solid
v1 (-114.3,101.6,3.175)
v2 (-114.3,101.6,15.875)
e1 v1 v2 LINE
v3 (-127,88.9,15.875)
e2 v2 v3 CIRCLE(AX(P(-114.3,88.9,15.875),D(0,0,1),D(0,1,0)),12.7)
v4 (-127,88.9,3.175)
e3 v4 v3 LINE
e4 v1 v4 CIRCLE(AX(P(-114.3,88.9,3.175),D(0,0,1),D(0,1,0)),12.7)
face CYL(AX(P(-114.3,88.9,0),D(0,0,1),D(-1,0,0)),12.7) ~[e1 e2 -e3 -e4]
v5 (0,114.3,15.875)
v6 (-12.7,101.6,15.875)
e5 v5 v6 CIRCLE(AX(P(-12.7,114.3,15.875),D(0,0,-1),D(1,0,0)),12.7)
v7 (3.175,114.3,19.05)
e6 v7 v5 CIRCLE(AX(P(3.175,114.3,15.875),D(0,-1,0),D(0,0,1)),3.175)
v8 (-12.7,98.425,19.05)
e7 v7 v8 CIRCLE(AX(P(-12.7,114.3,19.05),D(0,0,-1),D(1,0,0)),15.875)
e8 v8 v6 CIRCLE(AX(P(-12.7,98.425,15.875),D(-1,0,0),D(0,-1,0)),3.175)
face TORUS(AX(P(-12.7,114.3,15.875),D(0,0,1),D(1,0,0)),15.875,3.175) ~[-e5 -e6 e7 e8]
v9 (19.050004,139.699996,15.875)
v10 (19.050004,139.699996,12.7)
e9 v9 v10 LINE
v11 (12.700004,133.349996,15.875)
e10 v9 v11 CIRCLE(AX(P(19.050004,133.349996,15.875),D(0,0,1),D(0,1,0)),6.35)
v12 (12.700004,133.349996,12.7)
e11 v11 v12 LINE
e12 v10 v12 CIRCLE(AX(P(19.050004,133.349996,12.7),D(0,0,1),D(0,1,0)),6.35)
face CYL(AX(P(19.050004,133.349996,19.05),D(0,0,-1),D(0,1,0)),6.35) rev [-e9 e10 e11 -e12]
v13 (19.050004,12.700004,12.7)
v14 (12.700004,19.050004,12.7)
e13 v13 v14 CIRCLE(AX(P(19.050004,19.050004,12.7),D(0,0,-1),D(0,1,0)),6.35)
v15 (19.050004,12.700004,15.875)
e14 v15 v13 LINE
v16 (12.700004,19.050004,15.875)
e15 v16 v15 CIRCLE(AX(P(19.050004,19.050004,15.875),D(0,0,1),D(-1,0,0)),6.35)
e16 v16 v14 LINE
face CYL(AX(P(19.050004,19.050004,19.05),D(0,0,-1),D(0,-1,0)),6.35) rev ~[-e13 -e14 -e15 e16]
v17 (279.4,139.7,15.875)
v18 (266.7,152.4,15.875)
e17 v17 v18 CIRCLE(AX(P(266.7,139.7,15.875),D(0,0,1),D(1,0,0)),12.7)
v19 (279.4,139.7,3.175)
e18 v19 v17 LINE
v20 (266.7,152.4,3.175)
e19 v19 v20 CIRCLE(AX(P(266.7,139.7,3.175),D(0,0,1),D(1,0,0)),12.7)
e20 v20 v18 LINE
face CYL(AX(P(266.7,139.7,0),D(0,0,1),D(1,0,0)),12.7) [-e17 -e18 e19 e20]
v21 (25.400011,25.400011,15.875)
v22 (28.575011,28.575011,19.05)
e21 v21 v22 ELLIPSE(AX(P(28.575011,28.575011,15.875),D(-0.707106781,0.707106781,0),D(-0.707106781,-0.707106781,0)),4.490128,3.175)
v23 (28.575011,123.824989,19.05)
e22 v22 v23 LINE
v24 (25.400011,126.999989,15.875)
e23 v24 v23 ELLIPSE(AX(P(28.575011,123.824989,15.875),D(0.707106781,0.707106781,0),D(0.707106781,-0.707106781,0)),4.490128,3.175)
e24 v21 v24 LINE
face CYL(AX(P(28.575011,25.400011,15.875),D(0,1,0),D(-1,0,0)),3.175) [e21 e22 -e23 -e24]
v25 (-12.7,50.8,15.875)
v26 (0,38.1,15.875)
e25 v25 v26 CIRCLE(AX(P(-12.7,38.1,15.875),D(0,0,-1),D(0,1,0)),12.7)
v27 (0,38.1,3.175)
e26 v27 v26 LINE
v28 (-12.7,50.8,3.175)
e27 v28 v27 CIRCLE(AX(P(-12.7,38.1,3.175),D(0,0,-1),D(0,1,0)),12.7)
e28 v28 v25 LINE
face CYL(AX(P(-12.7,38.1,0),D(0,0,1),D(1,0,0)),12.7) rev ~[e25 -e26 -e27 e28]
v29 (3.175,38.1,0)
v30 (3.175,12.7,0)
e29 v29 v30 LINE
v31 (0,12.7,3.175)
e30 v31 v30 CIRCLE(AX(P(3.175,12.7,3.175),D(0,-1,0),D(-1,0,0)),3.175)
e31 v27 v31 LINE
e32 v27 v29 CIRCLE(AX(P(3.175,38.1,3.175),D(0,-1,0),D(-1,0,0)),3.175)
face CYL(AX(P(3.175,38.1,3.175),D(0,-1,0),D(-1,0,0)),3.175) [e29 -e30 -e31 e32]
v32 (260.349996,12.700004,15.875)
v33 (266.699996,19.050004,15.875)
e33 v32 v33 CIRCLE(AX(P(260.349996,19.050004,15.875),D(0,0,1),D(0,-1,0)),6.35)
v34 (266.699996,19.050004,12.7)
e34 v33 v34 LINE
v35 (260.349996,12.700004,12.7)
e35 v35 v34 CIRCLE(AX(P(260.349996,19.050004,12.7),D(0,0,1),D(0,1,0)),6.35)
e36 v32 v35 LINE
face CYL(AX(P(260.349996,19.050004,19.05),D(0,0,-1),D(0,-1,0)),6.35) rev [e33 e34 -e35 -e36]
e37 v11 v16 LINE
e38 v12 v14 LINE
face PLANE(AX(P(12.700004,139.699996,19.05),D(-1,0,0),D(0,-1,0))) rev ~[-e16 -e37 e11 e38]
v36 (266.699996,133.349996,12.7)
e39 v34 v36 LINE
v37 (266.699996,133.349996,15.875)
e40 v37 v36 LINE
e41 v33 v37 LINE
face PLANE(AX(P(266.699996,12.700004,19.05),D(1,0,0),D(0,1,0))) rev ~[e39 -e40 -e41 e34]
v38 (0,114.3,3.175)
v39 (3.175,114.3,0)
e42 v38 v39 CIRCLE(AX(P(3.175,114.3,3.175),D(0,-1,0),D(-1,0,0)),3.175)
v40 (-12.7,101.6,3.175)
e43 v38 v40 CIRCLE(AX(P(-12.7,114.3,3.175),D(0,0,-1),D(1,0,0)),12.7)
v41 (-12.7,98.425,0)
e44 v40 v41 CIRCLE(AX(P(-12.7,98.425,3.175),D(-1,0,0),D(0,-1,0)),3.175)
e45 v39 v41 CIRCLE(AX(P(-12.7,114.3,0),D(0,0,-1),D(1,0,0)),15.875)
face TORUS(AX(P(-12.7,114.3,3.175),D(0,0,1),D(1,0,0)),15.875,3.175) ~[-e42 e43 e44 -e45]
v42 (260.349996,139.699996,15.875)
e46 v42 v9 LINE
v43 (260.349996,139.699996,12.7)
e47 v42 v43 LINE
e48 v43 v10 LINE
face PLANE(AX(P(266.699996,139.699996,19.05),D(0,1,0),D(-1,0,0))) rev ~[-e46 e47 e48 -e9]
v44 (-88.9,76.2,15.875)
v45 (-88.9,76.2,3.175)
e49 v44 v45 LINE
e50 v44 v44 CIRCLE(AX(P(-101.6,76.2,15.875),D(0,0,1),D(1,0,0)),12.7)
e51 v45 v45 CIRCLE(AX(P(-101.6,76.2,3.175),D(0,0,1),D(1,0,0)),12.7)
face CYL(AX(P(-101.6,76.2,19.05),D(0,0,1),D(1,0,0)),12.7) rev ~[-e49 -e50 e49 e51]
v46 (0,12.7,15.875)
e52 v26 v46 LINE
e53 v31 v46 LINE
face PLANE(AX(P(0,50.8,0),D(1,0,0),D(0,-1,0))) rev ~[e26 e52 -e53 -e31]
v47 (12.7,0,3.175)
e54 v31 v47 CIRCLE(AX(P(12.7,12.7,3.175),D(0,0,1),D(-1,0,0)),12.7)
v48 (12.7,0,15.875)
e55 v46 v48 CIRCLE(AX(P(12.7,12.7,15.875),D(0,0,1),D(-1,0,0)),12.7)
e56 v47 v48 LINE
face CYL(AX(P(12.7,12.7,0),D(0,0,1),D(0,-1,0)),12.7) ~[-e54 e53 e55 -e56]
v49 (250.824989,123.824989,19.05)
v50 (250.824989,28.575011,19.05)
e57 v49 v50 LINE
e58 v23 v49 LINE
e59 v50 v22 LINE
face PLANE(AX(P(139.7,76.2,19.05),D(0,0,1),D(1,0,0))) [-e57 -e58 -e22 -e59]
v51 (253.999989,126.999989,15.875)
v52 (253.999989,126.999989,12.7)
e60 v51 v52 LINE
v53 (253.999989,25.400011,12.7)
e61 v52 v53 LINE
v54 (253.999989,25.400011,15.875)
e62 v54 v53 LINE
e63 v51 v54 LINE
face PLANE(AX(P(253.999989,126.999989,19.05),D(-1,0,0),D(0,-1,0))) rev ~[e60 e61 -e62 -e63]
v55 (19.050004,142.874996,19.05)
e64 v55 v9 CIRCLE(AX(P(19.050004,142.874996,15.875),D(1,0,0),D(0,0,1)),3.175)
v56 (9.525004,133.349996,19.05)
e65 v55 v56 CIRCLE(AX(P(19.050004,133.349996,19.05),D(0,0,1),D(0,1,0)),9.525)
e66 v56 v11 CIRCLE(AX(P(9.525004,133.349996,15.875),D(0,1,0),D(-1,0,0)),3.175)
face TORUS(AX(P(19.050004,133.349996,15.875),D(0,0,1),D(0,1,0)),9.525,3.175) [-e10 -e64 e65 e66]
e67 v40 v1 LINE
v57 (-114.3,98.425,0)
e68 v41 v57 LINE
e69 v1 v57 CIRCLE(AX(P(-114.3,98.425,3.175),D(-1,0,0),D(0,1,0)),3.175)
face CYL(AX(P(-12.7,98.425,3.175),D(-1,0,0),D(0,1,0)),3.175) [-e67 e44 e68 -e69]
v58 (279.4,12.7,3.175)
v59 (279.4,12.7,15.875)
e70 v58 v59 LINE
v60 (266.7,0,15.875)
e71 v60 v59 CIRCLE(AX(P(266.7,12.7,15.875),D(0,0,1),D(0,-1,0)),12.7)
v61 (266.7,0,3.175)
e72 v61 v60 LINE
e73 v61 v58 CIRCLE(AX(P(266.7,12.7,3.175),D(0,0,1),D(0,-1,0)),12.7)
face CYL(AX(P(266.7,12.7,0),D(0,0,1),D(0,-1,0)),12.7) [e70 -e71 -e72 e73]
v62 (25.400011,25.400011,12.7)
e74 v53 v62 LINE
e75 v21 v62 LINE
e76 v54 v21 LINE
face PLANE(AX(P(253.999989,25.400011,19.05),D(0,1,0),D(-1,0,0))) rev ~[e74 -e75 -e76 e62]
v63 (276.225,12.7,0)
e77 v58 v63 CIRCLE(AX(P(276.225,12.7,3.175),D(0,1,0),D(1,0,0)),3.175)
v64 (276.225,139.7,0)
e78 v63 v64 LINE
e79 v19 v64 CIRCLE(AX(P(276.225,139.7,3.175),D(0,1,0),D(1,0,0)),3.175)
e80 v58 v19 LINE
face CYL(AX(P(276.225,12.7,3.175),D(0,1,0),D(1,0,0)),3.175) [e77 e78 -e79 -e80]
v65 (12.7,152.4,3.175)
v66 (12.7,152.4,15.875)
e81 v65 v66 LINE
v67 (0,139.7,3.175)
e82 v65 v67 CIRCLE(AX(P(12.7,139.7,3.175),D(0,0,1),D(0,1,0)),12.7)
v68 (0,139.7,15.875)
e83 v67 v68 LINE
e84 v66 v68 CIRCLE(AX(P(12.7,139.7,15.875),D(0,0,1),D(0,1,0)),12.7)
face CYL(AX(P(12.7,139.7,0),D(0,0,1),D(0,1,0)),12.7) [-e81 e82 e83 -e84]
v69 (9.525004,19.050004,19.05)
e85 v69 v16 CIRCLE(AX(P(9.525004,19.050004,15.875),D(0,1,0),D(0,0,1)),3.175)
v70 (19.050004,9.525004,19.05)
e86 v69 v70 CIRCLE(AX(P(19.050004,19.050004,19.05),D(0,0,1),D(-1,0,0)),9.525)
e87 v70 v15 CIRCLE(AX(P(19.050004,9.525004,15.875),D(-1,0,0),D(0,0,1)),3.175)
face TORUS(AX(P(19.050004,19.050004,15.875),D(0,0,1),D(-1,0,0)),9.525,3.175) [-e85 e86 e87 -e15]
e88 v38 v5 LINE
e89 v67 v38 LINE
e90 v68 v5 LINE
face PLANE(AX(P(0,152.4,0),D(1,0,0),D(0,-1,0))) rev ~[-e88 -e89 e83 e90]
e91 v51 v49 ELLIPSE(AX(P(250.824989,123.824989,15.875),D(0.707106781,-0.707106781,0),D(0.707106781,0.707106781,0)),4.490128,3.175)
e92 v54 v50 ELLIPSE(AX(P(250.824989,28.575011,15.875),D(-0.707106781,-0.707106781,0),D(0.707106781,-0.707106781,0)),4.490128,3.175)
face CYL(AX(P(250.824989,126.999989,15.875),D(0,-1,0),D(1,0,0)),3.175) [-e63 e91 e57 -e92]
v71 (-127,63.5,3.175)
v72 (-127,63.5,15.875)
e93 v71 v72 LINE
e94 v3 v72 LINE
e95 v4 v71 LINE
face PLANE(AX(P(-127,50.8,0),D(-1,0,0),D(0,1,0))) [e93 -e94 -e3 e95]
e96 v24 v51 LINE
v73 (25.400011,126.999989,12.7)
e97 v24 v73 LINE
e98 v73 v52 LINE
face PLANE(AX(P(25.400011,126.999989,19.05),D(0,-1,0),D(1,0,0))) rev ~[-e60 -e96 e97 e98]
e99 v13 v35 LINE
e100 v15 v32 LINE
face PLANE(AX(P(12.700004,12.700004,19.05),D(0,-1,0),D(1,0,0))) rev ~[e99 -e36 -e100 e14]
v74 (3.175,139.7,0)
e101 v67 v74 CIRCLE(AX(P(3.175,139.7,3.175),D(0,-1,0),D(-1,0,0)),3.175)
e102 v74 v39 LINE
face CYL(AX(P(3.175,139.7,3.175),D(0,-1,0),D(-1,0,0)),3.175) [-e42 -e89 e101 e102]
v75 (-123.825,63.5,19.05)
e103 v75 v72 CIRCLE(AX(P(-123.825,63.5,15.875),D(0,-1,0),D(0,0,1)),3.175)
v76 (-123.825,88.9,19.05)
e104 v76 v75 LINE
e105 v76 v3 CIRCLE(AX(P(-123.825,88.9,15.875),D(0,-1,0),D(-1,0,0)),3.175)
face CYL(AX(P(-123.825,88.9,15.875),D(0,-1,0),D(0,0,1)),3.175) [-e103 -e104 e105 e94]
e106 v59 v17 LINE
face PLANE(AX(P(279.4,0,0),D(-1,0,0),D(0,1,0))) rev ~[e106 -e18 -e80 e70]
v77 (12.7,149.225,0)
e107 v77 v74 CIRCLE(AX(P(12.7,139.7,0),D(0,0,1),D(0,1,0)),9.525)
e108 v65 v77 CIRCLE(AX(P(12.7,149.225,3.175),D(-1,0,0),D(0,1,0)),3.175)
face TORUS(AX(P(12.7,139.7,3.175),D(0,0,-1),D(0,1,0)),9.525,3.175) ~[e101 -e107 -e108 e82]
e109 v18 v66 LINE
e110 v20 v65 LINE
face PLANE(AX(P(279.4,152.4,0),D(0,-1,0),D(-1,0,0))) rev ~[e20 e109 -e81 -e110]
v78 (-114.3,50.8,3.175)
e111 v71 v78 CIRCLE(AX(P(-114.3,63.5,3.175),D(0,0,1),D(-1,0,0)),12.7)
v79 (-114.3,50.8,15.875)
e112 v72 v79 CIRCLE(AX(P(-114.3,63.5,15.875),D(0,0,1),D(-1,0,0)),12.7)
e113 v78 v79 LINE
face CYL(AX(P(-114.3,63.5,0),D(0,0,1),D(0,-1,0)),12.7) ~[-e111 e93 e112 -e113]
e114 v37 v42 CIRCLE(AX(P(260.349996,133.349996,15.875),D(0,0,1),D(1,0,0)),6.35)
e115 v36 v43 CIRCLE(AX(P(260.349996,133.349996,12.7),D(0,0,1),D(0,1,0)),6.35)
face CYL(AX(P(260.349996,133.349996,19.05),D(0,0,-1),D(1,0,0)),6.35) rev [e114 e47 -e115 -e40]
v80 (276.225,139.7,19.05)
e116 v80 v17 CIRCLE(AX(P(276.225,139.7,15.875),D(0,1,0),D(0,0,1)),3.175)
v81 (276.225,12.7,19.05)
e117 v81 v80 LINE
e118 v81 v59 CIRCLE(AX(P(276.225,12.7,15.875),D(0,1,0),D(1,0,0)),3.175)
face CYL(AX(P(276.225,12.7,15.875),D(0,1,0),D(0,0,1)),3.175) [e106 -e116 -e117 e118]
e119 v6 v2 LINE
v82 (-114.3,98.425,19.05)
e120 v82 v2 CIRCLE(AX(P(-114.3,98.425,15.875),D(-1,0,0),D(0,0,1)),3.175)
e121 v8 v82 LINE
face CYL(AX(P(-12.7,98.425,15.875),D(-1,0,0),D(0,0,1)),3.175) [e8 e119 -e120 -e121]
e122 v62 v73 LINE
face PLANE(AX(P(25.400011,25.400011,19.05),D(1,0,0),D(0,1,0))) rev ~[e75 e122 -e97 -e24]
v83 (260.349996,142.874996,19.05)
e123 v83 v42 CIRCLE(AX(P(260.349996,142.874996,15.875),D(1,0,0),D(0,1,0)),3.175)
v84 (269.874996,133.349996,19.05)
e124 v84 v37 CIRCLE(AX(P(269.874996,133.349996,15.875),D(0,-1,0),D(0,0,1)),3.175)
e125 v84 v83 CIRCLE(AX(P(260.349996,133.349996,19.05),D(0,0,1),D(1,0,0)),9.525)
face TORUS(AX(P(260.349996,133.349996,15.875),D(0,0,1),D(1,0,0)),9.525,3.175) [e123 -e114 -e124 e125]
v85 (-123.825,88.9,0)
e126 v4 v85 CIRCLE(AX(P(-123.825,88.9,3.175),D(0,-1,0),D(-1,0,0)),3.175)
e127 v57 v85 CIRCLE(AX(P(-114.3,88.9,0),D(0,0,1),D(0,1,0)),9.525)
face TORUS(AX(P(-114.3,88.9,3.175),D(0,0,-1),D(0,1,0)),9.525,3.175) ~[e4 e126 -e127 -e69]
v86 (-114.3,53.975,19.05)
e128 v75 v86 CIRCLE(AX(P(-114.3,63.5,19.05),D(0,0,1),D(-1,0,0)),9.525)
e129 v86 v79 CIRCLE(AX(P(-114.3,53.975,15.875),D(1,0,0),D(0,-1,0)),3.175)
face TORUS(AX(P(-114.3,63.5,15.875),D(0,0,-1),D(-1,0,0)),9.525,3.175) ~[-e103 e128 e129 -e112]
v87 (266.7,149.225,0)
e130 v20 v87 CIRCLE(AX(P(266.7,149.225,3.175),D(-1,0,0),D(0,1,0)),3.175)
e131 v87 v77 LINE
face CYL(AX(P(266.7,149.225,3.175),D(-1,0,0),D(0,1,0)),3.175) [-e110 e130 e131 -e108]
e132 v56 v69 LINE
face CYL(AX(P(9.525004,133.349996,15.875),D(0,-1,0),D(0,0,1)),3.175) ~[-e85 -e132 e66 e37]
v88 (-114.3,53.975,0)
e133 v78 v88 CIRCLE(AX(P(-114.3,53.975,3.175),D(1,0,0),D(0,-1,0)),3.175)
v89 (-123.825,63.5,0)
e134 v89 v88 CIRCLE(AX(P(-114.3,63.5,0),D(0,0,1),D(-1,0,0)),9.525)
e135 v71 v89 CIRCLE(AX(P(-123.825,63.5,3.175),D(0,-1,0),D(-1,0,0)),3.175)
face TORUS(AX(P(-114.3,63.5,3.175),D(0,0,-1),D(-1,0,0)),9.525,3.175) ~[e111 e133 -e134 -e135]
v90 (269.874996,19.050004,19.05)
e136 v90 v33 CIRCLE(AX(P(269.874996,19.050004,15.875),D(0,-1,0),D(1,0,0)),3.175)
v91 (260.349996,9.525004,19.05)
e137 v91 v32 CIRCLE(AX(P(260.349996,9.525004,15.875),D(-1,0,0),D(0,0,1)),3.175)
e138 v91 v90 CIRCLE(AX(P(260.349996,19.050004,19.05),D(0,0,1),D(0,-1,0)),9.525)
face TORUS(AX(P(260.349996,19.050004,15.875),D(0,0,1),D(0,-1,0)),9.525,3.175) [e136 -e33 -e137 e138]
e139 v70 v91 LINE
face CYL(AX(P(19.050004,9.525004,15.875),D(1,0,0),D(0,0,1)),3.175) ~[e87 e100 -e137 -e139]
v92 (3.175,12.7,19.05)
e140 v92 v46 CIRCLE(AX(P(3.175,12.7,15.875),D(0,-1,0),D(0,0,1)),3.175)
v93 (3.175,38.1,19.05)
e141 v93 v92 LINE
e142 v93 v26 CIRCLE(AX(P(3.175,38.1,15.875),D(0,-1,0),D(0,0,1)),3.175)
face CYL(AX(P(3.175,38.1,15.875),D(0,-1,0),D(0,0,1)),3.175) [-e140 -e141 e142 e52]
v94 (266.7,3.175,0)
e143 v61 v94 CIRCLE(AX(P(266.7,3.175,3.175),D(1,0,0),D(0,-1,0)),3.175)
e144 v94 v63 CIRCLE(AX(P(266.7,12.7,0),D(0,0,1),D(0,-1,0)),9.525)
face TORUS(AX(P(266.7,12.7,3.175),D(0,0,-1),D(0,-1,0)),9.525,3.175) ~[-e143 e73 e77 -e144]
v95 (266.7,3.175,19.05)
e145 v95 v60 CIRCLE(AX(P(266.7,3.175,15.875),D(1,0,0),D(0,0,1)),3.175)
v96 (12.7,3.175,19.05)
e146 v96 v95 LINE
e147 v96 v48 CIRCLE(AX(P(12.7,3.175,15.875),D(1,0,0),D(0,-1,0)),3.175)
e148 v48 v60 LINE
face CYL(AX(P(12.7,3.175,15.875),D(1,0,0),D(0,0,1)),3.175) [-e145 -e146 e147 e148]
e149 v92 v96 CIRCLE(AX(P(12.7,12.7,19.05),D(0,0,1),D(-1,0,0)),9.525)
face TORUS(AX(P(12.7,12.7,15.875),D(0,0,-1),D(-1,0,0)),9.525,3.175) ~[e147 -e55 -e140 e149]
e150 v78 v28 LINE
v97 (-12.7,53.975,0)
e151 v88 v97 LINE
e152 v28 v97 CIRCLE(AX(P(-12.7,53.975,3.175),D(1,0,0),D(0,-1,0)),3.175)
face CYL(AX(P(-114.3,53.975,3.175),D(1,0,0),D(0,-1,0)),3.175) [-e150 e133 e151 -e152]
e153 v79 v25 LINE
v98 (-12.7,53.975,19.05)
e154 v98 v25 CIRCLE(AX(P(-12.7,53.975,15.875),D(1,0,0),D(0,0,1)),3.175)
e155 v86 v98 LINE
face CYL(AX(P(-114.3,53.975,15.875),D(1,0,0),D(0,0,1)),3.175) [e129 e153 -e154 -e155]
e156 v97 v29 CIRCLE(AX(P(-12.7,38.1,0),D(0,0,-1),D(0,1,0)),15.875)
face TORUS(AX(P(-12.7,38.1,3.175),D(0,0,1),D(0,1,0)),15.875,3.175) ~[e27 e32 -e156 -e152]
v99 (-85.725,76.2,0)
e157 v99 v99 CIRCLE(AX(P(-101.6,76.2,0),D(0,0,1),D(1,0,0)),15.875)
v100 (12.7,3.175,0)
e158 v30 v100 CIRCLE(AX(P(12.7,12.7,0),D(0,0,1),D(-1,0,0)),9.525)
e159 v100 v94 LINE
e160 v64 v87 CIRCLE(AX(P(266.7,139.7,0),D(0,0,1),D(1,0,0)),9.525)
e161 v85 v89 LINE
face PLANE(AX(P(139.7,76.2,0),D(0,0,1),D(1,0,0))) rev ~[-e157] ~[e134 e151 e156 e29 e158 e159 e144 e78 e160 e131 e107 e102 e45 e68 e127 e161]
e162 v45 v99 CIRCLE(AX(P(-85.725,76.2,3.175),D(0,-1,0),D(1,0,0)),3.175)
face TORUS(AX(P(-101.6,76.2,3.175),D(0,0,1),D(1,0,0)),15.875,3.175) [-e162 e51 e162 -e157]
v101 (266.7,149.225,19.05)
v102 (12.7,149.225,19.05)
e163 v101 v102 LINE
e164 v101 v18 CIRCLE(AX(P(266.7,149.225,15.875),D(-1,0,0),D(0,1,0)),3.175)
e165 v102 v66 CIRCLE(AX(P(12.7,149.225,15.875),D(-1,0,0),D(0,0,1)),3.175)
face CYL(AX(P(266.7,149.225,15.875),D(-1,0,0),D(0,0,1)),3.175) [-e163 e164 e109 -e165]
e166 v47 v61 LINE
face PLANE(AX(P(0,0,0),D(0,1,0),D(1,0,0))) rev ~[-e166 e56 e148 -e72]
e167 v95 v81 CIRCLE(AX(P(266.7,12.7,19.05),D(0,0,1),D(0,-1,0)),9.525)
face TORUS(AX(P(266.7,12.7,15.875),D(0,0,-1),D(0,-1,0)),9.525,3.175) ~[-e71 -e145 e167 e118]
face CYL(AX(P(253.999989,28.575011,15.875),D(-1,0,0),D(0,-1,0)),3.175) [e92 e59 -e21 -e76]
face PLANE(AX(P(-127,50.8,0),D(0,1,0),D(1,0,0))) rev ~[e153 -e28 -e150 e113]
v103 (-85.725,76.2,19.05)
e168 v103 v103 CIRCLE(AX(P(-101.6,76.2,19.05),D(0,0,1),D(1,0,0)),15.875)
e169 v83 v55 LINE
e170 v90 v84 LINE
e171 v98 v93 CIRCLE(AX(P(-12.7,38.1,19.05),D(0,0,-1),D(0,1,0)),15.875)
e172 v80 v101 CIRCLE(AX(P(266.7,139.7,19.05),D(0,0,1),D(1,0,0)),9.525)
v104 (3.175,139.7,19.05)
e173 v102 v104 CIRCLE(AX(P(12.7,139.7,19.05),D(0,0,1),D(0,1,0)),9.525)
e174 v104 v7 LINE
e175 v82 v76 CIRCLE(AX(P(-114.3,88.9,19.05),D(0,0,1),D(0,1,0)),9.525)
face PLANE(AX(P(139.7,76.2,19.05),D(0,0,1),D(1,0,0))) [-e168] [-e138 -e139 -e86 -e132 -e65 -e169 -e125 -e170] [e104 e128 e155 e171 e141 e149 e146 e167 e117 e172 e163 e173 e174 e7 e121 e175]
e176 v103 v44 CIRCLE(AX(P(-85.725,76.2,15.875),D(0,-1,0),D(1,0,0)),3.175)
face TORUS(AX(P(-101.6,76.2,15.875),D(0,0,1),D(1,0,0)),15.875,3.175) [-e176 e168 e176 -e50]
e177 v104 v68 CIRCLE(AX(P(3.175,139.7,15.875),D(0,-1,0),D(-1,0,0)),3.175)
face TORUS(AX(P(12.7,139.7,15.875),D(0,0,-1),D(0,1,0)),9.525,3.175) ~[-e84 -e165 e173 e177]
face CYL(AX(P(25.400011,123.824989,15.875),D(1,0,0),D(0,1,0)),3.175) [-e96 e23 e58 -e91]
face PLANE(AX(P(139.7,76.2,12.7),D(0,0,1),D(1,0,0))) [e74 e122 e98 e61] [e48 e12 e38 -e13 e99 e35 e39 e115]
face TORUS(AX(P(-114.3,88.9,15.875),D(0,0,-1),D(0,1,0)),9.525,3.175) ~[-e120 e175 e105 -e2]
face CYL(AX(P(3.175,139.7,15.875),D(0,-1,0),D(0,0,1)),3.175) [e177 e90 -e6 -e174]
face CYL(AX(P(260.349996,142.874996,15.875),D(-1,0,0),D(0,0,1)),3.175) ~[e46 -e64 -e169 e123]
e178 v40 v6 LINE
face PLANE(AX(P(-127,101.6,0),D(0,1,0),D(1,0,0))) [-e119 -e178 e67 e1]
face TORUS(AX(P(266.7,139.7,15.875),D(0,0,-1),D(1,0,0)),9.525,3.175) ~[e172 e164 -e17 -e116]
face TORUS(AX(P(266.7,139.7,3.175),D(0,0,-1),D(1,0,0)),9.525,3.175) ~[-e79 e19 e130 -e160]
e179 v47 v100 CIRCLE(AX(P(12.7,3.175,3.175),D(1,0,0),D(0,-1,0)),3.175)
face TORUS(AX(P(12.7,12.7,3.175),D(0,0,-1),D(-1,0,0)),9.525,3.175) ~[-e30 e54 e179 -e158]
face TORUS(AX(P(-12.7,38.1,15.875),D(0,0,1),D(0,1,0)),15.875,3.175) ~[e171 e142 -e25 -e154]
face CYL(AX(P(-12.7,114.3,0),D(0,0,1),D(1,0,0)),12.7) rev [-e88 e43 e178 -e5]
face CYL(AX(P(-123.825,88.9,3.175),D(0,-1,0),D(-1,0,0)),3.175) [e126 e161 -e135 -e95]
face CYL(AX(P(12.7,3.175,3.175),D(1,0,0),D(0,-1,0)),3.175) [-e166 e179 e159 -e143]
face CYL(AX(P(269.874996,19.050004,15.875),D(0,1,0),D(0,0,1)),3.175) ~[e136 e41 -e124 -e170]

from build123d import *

# Parameters (mm, degrees)
F0_W     = 127
F0_H     = 50.8
F1_DEPTH = 19.05
F2_R     = 12.7
F3_DEPTH = 25.4
F5_DEPTH = 6.35
F6_R     = 6.35
F7_R     = 12.7
F8_R     = 3.175


with BuildPart() as f1:
    # F0 (on Top) → F1 (new body)
    with BuildSketch(Plane.XY):
        Polygon((0, 50.8), (0, 0), (279.4, 0), (279.4, 152.4), (0, 152.4), (0, 101.6), align=None)
        with Locations((-63.5, 76.2)):
            Rectangle(F0_W, F0_H)
    extrude(amount=F1_DEPTH)

    # F2 (on face) → F3 (cut)
    with BuildSketch(Plane.XY.offset(19.05)):
        with Locations((-101.6, 76.2)):
            Circle(F2_R)
    extrude(amount=-F3_DEPTH, mode=Mode.SUBTRACT)

    # F4 (on face) → F5 (cut)
    with BuildSketch(Plane.XY.offset(19.05)):
        Polygon((12.7000044823, 50.8), (12.7000044823, 12.7000044823), (266.6999955177, 12.7000044823), (266.6999955177, 139.6999955177), (12.7000044823, 139.6999955177), (12.7000044823, 101.6), align=None)
        Polygon((25.400010848, 50.8), (25.400010848, 101.6), (25.400010848, 126.999989152), (253.999989152, 126.999989152), (253.999989152, 25.400010848), (25.400010848, 25.400010848), align=None, mode=Mode.SUBTRACT)
    extrude(amount=-F5_DEPTH, mode=Mode.SUBTRACT)

    # F6
    f6_edges = [f1.edges().sort_by_distance(p)[0] for p in [
        (12.700004, 139.699996, 15.875),
        (12.700004, 12.700004, 15.875),
        (266.699996, 139.699996, 15.875),
        (266.699996, 12.700004, 15.875),
    ]]
    fillet(f6_edges, radius=F6_R)

    # F7
    f7_edges = [f1.edges().sort_by_distance(p)[0] for p in [
        (-127, 50.8, 9.525),
        (0, 0, 9.525),
        (-127, 101.6, 9.525),
        (0, 152.4, 9.525),
        (0, 101.6, 9.525),
        (0, 50.8, 9.525),
        (279.4, 0, 9.525),
        (279.4, 152.4, 9.525),
    ]]
    fillet(f7_edges, radius=F7_R)

    # F8
    f8_edges = [f1.edges().sort_by_distance(p)[0] for p in [
        (139.7, 126.999989, 19.05),
        (253.999989, 76.2, 19.05),
        (139.7, 25.400011, 19.05),
        (25.400011, 76.2, 19.05),
        (0, 25.4, 19.05),
        (-3.719744, 47.080256, 19.05),
        (3.719744, 3.719744, 19.05),
        (-63.5, 50.8, 19.05),
        (139.7, 0, 19.05),
        (-123.280256, 54.519744, 19.05),
        (275.680256, 3.719744, 19.05),
        (-127, 76.2, 19.05),
        (279.4, 76.2, 19.05),
        (-123.280256, 97.880256, 19.05),
        (275.680256, 148.680256, 19.05),
        (-63.5, 101.6, 19.05),
        (139.7, 152.4, 19.05),
        (-3.719744, 105.319744, 19.05),
        (3.719744, 148.680256, 19.05),
        (0, 127, 19.05),
        (139.7, 12.700004, 19.05),
        (14.559876, 14.559876, 19.05),
        (264.840124, 14.559876, 19.05),
        (12.700004, 76.2, 19.05),
        (266.699996, 76.2, 19.05),
        (14.559876, 137.840124, 19.05),
        (264.840124, 137.840124, 19.05),
        (139.7, 139.699996, 19.05),
        (-114.3, 76.2, 19.05),
        (0, 25.4, 0),
        (-3.719744, 47.080256, 0),
        (3.719744, 3.719744, 0),
        (-63.5, 50.8, 0),
        (139.7, 0, 0),
        (-123.280256, 54.519744, 0),
        (275.680256, 3.719744, 0),
        (-127, 76.2, 0),
        (279.4, 76.2, 0),
        (-123.280256, 97.880256, 0),
        (275.680256, 148.680256, 0),
        (-63.5, 101.6, 0),
        (139.7, 152.4, 0),
        (-3.719744, 105.319744, 0),
        (3.719744, 148.680256, 0),
        (0, 127, 0),
        (-114.3, 76.2, 0),
    ]]
    fillet(f8_edges, radius=F8_R)


solid = f1.part
